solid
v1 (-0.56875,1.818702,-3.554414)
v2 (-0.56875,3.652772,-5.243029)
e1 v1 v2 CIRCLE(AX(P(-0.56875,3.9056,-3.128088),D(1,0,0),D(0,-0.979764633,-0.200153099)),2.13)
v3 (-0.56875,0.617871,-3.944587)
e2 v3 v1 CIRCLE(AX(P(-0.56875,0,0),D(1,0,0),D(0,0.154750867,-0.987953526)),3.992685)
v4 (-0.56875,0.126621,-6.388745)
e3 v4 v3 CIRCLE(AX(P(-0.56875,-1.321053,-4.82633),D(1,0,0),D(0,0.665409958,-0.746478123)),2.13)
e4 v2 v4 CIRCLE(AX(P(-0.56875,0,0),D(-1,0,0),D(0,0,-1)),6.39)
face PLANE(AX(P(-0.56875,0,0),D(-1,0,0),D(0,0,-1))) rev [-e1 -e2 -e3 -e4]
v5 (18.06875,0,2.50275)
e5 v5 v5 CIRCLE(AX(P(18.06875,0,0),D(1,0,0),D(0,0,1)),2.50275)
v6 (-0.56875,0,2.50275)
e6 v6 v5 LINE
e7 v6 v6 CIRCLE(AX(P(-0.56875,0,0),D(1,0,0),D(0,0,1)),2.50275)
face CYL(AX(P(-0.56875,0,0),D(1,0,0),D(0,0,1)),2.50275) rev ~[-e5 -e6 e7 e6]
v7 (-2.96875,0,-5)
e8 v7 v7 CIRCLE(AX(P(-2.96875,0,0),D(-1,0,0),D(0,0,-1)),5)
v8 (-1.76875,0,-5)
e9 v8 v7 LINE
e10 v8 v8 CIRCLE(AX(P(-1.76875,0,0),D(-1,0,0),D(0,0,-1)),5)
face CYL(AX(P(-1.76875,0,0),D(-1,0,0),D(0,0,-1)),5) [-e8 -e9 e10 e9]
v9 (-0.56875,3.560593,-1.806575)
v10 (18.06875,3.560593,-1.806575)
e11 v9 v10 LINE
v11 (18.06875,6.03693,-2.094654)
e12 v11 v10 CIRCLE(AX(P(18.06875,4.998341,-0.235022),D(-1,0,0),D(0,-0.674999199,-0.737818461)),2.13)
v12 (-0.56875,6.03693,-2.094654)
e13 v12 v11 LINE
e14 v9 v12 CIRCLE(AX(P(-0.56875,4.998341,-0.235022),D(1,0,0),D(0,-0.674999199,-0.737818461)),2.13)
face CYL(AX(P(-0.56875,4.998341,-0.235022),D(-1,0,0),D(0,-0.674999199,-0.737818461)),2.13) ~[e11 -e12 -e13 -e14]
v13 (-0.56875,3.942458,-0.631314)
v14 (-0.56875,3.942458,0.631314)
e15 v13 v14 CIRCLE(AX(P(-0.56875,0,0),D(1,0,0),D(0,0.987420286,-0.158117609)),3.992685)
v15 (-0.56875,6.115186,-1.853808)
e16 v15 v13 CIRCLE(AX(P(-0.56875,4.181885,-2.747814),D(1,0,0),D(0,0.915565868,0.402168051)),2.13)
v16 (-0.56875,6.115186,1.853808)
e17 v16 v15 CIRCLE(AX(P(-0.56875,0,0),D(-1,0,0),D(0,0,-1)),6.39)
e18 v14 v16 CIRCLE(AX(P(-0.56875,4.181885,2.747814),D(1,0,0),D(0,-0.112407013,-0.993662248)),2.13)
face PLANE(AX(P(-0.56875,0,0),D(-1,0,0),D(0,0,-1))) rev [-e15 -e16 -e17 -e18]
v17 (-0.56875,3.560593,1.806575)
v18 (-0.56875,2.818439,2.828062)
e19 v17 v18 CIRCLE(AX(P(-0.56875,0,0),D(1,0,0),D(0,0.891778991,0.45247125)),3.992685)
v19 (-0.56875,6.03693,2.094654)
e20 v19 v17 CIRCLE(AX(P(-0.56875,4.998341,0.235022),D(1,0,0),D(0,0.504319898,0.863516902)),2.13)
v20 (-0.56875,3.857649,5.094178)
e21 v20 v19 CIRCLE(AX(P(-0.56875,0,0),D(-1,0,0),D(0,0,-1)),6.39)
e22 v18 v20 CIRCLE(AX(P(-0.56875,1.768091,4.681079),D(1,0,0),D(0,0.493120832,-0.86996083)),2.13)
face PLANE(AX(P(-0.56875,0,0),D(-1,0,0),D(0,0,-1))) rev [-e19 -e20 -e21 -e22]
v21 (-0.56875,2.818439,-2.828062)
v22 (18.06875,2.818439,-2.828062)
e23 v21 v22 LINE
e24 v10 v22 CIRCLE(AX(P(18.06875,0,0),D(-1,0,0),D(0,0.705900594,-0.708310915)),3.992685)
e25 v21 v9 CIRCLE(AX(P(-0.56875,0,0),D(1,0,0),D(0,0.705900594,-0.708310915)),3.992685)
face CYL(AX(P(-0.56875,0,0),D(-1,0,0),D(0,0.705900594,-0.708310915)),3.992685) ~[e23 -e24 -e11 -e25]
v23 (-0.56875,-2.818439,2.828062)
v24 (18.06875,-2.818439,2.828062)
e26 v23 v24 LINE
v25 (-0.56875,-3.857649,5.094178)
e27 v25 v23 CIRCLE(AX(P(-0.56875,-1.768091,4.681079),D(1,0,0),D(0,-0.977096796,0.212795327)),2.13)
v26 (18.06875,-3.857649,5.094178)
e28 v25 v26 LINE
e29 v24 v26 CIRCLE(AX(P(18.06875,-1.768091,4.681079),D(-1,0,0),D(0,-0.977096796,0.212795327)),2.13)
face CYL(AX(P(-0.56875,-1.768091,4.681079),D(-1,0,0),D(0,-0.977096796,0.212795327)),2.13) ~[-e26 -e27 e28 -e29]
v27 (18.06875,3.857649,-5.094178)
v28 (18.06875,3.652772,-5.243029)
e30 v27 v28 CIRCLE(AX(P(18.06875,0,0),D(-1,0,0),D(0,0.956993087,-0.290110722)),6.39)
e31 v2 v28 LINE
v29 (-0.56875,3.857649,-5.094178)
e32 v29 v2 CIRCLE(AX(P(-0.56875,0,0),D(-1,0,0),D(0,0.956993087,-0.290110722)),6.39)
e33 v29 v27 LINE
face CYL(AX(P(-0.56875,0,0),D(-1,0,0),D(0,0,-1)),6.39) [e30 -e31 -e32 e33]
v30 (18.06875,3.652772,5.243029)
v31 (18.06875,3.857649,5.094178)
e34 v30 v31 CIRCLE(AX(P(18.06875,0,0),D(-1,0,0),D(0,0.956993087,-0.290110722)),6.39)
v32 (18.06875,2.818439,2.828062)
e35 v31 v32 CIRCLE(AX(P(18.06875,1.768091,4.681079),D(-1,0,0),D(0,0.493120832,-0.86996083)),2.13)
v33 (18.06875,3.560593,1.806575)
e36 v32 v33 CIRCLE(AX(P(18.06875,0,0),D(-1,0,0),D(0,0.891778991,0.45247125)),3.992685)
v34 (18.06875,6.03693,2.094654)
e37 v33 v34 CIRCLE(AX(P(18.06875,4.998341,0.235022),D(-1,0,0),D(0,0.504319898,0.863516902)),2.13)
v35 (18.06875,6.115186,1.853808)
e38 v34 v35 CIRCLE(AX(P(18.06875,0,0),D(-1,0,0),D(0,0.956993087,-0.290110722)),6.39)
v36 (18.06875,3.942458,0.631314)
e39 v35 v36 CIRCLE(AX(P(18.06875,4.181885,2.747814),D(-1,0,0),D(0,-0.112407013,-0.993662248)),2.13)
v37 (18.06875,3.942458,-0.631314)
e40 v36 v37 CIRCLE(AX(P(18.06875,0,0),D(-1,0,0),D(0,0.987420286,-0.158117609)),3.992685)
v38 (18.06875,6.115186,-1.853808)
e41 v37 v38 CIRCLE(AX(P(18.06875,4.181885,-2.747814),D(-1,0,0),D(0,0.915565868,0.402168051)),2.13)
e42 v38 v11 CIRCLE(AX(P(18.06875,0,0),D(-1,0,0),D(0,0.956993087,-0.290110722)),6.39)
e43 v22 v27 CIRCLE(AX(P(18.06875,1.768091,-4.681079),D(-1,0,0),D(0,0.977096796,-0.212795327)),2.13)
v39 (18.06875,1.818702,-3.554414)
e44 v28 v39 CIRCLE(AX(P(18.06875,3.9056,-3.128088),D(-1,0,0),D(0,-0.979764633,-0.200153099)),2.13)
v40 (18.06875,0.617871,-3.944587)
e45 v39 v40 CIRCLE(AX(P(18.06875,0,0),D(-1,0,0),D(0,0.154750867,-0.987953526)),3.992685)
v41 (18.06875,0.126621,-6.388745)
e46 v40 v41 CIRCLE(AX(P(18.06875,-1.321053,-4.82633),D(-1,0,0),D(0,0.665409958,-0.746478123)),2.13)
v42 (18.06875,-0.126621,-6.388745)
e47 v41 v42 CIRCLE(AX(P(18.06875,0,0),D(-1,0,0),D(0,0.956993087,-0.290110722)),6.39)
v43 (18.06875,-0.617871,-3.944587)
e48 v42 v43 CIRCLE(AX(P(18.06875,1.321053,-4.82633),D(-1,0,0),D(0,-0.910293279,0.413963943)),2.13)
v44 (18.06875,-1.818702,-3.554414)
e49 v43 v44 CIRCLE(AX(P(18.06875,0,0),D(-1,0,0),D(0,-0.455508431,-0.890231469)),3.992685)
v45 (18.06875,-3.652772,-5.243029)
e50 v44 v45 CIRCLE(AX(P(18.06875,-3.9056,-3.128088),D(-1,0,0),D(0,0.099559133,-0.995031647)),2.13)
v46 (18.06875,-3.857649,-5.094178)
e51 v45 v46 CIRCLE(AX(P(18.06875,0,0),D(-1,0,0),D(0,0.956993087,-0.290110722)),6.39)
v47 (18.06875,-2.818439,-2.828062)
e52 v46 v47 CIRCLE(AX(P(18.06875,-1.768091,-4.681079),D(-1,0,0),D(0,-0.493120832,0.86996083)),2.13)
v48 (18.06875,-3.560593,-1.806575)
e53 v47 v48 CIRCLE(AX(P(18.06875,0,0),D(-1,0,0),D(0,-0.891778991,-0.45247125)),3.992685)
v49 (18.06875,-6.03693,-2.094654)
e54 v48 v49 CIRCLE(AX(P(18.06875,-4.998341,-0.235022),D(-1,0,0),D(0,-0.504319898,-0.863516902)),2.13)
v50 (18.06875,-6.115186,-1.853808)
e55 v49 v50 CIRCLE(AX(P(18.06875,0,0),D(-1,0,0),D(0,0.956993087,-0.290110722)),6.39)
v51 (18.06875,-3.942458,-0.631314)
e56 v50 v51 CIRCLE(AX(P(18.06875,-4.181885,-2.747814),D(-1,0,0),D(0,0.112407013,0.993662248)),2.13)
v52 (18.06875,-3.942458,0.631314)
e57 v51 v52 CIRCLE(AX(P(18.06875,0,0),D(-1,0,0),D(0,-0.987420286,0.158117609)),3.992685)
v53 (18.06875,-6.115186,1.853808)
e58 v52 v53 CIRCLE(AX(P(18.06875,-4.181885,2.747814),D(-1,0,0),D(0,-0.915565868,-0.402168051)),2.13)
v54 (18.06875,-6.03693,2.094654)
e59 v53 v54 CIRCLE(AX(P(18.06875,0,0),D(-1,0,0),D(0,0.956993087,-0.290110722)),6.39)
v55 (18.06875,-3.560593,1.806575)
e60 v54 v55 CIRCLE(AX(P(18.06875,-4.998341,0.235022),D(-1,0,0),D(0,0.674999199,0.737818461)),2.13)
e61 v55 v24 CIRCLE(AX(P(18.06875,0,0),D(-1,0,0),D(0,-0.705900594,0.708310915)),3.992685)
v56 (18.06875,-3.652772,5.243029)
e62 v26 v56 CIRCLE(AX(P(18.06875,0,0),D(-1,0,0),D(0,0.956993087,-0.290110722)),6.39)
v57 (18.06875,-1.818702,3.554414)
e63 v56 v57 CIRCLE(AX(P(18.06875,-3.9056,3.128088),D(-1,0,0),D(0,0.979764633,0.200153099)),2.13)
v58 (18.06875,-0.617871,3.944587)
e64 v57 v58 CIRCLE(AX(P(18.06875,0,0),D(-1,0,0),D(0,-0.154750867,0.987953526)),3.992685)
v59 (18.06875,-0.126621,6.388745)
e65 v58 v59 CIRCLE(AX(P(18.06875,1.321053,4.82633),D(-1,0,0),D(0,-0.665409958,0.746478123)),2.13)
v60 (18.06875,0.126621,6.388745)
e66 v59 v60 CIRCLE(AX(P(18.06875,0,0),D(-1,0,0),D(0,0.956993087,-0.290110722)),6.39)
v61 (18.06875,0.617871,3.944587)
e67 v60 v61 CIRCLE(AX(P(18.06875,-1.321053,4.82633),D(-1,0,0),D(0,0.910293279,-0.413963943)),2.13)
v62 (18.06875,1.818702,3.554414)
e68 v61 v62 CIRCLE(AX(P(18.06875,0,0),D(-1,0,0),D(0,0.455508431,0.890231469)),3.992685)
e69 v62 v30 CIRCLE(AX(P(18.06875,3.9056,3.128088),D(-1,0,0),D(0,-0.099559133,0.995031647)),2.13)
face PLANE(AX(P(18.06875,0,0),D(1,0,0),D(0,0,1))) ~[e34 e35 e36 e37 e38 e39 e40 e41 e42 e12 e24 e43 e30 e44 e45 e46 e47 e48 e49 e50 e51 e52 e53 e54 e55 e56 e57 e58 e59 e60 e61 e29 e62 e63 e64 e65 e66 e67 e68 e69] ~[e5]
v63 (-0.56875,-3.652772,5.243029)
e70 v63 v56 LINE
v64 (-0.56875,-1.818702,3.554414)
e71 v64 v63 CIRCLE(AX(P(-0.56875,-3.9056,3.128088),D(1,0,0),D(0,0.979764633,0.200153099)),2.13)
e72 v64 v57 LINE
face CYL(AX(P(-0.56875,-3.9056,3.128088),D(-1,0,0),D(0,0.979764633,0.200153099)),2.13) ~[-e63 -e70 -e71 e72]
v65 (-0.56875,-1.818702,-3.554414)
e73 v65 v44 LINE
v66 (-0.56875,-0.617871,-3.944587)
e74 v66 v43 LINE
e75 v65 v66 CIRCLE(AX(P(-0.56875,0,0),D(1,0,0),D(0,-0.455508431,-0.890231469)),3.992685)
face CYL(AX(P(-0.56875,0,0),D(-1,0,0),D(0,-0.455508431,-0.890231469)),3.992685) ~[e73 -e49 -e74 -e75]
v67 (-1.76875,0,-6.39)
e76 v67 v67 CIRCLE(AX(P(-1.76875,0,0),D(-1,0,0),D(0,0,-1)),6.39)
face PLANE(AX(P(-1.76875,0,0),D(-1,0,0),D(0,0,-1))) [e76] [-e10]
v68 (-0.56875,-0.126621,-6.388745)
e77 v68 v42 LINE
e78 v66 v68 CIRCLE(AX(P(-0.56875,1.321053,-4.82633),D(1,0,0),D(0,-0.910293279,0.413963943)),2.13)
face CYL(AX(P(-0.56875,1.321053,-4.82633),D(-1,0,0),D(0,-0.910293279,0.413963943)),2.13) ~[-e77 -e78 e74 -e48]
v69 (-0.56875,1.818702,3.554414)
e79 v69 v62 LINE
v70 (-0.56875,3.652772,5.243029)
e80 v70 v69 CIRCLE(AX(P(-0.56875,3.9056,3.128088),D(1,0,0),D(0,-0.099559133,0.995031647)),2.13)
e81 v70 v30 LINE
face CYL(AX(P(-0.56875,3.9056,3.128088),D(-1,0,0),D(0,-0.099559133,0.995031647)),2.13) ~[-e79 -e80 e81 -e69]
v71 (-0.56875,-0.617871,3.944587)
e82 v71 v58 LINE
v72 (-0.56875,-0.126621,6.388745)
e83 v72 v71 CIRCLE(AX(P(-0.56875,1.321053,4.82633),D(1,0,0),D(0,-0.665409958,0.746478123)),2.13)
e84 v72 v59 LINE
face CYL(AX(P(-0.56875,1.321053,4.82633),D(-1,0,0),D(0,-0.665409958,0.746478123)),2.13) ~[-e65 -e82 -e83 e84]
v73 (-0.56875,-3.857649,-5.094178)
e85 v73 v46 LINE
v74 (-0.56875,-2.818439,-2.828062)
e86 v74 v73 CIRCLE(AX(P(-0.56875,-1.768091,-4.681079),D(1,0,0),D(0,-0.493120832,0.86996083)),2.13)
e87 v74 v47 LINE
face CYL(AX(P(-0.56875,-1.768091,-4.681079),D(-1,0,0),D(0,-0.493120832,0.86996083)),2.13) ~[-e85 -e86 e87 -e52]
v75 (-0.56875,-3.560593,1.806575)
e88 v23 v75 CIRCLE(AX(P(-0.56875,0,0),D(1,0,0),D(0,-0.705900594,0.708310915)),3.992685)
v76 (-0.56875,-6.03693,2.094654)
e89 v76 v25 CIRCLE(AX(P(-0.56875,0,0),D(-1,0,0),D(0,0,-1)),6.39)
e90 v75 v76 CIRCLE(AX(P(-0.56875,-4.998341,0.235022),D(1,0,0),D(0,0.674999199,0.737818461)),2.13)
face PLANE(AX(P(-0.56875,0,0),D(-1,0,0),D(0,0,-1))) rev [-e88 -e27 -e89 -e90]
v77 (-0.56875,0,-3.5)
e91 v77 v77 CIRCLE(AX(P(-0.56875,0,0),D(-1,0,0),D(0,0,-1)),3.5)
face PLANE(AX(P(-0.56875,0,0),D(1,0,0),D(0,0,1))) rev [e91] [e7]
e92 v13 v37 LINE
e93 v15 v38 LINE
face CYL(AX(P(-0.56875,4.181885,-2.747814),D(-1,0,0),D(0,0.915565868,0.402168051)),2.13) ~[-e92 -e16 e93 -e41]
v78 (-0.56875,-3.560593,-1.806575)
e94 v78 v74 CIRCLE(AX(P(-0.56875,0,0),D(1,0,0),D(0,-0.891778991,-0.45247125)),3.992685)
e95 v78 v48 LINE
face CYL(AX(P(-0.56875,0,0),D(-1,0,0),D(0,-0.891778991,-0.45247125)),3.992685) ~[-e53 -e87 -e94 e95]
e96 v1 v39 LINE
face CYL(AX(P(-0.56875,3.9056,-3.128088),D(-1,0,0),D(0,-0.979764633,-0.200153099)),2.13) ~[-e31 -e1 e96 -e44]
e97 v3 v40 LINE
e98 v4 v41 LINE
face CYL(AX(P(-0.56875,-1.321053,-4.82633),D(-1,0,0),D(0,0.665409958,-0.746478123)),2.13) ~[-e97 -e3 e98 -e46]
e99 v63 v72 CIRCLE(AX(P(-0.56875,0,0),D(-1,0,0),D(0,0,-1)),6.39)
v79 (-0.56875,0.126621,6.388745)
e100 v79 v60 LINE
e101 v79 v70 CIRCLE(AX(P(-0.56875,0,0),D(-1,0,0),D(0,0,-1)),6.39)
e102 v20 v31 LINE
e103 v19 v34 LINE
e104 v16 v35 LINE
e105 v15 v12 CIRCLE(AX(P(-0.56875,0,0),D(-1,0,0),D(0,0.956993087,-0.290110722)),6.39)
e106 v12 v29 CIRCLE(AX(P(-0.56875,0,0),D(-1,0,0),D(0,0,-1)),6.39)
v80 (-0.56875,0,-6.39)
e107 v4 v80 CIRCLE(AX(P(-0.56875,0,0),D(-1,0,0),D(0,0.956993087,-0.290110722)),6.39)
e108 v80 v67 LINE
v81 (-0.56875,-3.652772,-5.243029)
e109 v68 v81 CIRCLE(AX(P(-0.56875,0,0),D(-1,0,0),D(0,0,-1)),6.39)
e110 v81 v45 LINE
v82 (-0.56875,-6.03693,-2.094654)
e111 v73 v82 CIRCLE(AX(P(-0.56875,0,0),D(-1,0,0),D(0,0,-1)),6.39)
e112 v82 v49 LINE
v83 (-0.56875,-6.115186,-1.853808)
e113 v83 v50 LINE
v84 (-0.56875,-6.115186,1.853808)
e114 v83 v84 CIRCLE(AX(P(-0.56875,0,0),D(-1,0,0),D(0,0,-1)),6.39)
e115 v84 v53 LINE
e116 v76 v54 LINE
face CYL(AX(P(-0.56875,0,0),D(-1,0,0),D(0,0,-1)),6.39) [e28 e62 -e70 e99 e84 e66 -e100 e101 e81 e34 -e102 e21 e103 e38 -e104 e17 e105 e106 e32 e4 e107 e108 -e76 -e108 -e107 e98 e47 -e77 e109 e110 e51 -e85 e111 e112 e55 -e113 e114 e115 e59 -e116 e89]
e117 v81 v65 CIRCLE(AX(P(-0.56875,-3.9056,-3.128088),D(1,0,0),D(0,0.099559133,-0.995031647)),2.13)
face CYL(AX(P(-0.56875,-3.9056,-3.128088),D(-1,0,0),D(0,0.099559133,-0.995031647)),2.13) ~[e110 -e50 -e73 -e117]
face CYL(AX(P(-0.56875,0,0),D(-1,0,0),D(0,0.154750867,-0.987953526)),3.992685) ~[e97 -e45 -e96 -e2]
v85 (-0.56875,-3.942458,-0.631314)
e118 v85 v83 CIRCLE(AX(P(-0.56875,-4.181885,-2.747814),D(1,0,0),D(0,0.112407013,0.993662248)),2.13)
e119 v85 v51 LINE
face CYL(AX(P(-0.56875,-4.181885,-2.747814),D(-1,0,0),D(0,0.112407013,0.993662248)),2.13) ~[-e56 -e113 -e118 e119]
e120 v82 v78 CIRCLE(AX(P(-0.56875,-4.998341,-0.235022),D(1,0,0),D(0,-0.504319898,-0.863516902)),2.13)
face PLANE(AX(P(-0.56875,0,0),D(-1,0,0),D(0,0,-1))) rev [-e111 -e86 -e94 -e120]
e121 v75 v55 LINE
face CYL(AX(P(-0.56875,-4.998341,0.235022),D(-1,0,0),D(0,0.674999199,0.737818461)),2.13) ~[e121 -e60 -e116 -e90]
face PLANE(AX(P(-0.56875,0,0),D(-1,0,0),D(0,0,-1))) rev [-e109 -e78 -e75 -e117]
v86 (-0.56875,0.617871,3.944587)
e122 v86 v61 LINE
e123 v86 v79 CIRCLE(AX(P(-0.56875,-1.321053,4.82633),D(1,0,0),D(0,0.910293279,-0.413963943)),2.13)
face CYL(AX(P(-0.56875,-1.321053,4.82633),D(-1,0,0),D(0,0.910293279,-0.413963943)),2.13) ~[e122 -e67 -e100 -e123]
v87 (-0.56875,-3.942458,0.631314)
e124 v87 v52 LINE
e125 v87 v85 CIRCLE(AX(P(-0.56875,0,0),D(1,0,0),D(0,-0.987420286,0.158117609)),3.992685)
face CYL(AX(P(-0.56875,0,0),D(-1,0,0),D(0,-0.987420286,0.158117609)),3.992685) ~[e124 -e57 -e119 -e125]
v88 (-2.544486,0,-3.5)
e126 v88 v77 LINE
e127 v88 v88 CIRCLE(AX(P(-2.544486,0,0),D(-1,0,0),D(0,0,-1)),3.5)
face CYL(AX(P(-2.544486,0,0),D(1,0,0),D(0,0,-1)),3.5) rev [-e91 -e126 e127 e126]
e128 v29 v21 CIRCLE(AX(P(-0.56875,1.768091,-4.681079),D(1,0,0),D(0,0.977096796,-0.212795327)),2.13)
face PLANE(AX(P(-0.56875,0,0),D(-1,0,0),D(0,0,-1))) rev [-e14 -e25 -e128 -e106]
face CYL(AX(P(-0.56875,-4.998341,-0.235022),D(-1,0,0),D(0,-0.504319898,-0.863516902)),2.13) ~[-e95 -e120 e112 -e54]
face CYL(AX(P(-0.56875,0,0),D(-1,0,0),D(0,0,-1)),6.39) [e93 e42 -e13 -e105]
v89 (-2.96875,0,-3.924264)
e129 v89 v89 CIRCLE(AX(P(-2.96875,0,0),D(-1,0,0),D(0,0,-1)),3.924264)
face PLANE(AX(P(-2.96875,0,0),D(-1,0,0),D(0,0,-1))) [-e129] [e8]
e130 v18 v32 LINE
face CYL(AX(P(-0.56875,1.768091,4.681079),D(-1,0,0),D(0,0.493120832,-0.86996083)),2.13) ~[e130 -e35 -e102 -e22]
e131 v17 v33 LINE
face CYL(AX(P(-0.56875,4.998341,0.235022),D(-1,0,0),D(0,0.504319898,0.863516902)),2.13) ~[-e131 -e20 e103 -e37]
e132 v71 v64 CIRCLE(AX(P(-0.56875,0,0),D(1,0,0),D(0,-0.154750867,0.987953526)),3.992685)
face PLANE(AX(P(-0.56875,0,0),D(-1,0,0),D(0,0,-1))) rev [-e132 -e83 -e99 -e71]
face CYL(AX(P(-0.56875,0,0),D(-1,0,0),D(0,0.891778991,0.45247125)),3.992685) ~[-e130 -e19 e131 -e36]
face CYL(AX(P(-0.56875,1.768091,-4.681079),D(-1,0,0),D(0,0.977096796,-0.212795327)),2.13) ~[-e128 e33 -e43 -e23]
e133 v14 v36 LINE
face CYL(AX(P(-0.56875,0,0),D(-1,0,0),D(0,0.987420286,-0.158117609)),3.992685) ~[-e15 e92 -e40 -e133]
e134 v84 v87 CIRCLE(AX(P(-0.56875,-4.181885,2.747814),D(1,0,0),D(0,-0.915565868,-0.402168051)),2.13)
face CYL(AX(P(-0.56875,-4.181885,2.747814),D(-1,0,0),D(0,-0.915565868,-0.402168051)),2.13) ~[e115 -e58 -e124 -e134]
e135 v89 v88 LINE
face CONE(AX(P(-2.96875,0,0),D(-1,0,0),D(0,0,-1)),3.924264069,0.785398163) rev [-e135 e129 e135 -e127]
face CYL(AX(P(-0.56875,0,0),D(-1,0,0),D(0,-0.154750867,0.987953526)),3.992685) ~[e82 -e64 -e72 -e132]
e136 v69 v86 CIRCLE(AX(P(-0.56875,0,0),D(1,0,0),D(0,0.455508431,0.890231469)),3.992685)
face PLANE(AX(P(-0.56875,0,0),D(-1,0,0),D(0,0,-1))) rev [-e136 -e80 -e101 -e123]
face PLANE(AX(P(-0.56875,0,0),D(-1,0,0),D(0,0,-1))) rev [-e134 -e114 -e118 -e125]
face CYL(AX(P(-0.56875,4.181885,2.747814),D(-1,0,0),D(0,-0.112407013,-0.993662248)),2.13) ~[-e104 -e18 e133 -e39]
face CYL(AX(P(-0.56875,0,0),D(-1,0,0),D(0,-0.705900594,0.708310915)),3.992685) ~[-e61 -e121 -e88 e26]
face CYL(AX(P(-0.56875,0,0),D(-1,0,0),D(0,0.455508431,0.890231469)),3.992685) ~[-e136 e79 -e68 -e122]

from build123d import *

# Parameters (mm, degrees)
BASPROSKE_W     = 17.5
BASPROSKE_H     = 6
TOOTHCUT_DEPTH  = 20.448650339
TEETHCUTS_COUNT = 10
TEETHCUTS_ANGLE = 324
BORSKE_R        = 2.35
BORE_DEPTH      = 50.0000508
SCALE_1_SCALE   = 1.065


with BuildPart() as part:
    # BasProSke → Base-Revolve (revolve)
    with BuildSketch(Plane(origin=(0, 0, 0), x_dir=(1, 0, 0), z_dir=(0, 1, 0)), mode=Mode.PRIVATE) as base_revolve_sk:
        with Locations((8.75, 3)):
            Rectangle(BASPROSKE_W, BASPROSKE_H)
    revolve(base_revolve_sk.sketch.rotate(Axis((-10, 0, 0), (1, 0, 0)), 180), axis=Axis((-10, 0, 0), (1, 0, 0)))

    # TooCutSke → ToothCut (cut, through all)
    with BuildSketch(Plane(origin=(0, 0, 0), x_dir=(0, 0, -1), z_dir=(1, 0, 0))):
        with BuildLine():
            ThreePointArc((0.59278292, 3.701838653), (0, 3.749), (-0.59278292, 3.701838653))
            ThreePointArc((-0.59278292, 3.701838653), (-0.846593509, 4.924114224), (-1.775771316, 5.757784417))
            ThreePointArc((-1.775771316, 5.757784417), (0, 6.0254), (1.775771316, 5.757784417))
            ThreePointArc((1.775771316, 5.757784417), (0.846593509, 4.924114224), (0.59278292, 3.701838653))
        make_face()
    toothcut = extrude(amount=TOOTHCUT_DEPTH, mode=Mode.SUBTRACT)

    # TeethCuts: ToothCut ×10 about axis
    teethcuts_axis = Axis((-10, 0, 0), (1, 0, 0))
    for i in range(1, TEETHCUTS_COUNT):
        add(toothcut.rotate(teethcuts_axis, i * TEETHCUTS_ANGLE / (TEETHCUTS_COUNT - 1)), mode=Mode.SUBTRACT)

    # BorSke → Bore (cut, symmetric)
    with BuildSketch(Plane(origin=(0, 0, 0), x_dir=(0, 0, -1), z_dir=(1, 0, 0))):
        with Locations(Location((0, 0, 0), (0, 0, 180))):
            Circle(BORSKE_R)
    extrude(amount=BORE_DEPTH, both=True, mode=Mode.SUBTRACT)


with BuildPart() as part_1:
    # Масштаб1: scaled about (8.75, 0, 0)
    add(part.part.scale(SCALE_1_SCALE).moved(Location((-0.56875, 0, 0))))

    # Эскиз2 → Повернуть1 (revolve)
    with BuildSketch(Plane(origin=(0, 0, 0), x_dir=(1, 0, 0), z_dir=(0, 1, 0))):
        Polygon((-0.56875, 3.5), (-0.56875, 6.39), (-1.76875, 6.39), (-1.76875, 5), (-2.96875, 5), (-2.96875, 3.924264069), (-2.544485931, 3.5), align=None)
    revolve(axis=Axis((0, 0, 0), (-1, 0, 0)))


solid = part_1.part
